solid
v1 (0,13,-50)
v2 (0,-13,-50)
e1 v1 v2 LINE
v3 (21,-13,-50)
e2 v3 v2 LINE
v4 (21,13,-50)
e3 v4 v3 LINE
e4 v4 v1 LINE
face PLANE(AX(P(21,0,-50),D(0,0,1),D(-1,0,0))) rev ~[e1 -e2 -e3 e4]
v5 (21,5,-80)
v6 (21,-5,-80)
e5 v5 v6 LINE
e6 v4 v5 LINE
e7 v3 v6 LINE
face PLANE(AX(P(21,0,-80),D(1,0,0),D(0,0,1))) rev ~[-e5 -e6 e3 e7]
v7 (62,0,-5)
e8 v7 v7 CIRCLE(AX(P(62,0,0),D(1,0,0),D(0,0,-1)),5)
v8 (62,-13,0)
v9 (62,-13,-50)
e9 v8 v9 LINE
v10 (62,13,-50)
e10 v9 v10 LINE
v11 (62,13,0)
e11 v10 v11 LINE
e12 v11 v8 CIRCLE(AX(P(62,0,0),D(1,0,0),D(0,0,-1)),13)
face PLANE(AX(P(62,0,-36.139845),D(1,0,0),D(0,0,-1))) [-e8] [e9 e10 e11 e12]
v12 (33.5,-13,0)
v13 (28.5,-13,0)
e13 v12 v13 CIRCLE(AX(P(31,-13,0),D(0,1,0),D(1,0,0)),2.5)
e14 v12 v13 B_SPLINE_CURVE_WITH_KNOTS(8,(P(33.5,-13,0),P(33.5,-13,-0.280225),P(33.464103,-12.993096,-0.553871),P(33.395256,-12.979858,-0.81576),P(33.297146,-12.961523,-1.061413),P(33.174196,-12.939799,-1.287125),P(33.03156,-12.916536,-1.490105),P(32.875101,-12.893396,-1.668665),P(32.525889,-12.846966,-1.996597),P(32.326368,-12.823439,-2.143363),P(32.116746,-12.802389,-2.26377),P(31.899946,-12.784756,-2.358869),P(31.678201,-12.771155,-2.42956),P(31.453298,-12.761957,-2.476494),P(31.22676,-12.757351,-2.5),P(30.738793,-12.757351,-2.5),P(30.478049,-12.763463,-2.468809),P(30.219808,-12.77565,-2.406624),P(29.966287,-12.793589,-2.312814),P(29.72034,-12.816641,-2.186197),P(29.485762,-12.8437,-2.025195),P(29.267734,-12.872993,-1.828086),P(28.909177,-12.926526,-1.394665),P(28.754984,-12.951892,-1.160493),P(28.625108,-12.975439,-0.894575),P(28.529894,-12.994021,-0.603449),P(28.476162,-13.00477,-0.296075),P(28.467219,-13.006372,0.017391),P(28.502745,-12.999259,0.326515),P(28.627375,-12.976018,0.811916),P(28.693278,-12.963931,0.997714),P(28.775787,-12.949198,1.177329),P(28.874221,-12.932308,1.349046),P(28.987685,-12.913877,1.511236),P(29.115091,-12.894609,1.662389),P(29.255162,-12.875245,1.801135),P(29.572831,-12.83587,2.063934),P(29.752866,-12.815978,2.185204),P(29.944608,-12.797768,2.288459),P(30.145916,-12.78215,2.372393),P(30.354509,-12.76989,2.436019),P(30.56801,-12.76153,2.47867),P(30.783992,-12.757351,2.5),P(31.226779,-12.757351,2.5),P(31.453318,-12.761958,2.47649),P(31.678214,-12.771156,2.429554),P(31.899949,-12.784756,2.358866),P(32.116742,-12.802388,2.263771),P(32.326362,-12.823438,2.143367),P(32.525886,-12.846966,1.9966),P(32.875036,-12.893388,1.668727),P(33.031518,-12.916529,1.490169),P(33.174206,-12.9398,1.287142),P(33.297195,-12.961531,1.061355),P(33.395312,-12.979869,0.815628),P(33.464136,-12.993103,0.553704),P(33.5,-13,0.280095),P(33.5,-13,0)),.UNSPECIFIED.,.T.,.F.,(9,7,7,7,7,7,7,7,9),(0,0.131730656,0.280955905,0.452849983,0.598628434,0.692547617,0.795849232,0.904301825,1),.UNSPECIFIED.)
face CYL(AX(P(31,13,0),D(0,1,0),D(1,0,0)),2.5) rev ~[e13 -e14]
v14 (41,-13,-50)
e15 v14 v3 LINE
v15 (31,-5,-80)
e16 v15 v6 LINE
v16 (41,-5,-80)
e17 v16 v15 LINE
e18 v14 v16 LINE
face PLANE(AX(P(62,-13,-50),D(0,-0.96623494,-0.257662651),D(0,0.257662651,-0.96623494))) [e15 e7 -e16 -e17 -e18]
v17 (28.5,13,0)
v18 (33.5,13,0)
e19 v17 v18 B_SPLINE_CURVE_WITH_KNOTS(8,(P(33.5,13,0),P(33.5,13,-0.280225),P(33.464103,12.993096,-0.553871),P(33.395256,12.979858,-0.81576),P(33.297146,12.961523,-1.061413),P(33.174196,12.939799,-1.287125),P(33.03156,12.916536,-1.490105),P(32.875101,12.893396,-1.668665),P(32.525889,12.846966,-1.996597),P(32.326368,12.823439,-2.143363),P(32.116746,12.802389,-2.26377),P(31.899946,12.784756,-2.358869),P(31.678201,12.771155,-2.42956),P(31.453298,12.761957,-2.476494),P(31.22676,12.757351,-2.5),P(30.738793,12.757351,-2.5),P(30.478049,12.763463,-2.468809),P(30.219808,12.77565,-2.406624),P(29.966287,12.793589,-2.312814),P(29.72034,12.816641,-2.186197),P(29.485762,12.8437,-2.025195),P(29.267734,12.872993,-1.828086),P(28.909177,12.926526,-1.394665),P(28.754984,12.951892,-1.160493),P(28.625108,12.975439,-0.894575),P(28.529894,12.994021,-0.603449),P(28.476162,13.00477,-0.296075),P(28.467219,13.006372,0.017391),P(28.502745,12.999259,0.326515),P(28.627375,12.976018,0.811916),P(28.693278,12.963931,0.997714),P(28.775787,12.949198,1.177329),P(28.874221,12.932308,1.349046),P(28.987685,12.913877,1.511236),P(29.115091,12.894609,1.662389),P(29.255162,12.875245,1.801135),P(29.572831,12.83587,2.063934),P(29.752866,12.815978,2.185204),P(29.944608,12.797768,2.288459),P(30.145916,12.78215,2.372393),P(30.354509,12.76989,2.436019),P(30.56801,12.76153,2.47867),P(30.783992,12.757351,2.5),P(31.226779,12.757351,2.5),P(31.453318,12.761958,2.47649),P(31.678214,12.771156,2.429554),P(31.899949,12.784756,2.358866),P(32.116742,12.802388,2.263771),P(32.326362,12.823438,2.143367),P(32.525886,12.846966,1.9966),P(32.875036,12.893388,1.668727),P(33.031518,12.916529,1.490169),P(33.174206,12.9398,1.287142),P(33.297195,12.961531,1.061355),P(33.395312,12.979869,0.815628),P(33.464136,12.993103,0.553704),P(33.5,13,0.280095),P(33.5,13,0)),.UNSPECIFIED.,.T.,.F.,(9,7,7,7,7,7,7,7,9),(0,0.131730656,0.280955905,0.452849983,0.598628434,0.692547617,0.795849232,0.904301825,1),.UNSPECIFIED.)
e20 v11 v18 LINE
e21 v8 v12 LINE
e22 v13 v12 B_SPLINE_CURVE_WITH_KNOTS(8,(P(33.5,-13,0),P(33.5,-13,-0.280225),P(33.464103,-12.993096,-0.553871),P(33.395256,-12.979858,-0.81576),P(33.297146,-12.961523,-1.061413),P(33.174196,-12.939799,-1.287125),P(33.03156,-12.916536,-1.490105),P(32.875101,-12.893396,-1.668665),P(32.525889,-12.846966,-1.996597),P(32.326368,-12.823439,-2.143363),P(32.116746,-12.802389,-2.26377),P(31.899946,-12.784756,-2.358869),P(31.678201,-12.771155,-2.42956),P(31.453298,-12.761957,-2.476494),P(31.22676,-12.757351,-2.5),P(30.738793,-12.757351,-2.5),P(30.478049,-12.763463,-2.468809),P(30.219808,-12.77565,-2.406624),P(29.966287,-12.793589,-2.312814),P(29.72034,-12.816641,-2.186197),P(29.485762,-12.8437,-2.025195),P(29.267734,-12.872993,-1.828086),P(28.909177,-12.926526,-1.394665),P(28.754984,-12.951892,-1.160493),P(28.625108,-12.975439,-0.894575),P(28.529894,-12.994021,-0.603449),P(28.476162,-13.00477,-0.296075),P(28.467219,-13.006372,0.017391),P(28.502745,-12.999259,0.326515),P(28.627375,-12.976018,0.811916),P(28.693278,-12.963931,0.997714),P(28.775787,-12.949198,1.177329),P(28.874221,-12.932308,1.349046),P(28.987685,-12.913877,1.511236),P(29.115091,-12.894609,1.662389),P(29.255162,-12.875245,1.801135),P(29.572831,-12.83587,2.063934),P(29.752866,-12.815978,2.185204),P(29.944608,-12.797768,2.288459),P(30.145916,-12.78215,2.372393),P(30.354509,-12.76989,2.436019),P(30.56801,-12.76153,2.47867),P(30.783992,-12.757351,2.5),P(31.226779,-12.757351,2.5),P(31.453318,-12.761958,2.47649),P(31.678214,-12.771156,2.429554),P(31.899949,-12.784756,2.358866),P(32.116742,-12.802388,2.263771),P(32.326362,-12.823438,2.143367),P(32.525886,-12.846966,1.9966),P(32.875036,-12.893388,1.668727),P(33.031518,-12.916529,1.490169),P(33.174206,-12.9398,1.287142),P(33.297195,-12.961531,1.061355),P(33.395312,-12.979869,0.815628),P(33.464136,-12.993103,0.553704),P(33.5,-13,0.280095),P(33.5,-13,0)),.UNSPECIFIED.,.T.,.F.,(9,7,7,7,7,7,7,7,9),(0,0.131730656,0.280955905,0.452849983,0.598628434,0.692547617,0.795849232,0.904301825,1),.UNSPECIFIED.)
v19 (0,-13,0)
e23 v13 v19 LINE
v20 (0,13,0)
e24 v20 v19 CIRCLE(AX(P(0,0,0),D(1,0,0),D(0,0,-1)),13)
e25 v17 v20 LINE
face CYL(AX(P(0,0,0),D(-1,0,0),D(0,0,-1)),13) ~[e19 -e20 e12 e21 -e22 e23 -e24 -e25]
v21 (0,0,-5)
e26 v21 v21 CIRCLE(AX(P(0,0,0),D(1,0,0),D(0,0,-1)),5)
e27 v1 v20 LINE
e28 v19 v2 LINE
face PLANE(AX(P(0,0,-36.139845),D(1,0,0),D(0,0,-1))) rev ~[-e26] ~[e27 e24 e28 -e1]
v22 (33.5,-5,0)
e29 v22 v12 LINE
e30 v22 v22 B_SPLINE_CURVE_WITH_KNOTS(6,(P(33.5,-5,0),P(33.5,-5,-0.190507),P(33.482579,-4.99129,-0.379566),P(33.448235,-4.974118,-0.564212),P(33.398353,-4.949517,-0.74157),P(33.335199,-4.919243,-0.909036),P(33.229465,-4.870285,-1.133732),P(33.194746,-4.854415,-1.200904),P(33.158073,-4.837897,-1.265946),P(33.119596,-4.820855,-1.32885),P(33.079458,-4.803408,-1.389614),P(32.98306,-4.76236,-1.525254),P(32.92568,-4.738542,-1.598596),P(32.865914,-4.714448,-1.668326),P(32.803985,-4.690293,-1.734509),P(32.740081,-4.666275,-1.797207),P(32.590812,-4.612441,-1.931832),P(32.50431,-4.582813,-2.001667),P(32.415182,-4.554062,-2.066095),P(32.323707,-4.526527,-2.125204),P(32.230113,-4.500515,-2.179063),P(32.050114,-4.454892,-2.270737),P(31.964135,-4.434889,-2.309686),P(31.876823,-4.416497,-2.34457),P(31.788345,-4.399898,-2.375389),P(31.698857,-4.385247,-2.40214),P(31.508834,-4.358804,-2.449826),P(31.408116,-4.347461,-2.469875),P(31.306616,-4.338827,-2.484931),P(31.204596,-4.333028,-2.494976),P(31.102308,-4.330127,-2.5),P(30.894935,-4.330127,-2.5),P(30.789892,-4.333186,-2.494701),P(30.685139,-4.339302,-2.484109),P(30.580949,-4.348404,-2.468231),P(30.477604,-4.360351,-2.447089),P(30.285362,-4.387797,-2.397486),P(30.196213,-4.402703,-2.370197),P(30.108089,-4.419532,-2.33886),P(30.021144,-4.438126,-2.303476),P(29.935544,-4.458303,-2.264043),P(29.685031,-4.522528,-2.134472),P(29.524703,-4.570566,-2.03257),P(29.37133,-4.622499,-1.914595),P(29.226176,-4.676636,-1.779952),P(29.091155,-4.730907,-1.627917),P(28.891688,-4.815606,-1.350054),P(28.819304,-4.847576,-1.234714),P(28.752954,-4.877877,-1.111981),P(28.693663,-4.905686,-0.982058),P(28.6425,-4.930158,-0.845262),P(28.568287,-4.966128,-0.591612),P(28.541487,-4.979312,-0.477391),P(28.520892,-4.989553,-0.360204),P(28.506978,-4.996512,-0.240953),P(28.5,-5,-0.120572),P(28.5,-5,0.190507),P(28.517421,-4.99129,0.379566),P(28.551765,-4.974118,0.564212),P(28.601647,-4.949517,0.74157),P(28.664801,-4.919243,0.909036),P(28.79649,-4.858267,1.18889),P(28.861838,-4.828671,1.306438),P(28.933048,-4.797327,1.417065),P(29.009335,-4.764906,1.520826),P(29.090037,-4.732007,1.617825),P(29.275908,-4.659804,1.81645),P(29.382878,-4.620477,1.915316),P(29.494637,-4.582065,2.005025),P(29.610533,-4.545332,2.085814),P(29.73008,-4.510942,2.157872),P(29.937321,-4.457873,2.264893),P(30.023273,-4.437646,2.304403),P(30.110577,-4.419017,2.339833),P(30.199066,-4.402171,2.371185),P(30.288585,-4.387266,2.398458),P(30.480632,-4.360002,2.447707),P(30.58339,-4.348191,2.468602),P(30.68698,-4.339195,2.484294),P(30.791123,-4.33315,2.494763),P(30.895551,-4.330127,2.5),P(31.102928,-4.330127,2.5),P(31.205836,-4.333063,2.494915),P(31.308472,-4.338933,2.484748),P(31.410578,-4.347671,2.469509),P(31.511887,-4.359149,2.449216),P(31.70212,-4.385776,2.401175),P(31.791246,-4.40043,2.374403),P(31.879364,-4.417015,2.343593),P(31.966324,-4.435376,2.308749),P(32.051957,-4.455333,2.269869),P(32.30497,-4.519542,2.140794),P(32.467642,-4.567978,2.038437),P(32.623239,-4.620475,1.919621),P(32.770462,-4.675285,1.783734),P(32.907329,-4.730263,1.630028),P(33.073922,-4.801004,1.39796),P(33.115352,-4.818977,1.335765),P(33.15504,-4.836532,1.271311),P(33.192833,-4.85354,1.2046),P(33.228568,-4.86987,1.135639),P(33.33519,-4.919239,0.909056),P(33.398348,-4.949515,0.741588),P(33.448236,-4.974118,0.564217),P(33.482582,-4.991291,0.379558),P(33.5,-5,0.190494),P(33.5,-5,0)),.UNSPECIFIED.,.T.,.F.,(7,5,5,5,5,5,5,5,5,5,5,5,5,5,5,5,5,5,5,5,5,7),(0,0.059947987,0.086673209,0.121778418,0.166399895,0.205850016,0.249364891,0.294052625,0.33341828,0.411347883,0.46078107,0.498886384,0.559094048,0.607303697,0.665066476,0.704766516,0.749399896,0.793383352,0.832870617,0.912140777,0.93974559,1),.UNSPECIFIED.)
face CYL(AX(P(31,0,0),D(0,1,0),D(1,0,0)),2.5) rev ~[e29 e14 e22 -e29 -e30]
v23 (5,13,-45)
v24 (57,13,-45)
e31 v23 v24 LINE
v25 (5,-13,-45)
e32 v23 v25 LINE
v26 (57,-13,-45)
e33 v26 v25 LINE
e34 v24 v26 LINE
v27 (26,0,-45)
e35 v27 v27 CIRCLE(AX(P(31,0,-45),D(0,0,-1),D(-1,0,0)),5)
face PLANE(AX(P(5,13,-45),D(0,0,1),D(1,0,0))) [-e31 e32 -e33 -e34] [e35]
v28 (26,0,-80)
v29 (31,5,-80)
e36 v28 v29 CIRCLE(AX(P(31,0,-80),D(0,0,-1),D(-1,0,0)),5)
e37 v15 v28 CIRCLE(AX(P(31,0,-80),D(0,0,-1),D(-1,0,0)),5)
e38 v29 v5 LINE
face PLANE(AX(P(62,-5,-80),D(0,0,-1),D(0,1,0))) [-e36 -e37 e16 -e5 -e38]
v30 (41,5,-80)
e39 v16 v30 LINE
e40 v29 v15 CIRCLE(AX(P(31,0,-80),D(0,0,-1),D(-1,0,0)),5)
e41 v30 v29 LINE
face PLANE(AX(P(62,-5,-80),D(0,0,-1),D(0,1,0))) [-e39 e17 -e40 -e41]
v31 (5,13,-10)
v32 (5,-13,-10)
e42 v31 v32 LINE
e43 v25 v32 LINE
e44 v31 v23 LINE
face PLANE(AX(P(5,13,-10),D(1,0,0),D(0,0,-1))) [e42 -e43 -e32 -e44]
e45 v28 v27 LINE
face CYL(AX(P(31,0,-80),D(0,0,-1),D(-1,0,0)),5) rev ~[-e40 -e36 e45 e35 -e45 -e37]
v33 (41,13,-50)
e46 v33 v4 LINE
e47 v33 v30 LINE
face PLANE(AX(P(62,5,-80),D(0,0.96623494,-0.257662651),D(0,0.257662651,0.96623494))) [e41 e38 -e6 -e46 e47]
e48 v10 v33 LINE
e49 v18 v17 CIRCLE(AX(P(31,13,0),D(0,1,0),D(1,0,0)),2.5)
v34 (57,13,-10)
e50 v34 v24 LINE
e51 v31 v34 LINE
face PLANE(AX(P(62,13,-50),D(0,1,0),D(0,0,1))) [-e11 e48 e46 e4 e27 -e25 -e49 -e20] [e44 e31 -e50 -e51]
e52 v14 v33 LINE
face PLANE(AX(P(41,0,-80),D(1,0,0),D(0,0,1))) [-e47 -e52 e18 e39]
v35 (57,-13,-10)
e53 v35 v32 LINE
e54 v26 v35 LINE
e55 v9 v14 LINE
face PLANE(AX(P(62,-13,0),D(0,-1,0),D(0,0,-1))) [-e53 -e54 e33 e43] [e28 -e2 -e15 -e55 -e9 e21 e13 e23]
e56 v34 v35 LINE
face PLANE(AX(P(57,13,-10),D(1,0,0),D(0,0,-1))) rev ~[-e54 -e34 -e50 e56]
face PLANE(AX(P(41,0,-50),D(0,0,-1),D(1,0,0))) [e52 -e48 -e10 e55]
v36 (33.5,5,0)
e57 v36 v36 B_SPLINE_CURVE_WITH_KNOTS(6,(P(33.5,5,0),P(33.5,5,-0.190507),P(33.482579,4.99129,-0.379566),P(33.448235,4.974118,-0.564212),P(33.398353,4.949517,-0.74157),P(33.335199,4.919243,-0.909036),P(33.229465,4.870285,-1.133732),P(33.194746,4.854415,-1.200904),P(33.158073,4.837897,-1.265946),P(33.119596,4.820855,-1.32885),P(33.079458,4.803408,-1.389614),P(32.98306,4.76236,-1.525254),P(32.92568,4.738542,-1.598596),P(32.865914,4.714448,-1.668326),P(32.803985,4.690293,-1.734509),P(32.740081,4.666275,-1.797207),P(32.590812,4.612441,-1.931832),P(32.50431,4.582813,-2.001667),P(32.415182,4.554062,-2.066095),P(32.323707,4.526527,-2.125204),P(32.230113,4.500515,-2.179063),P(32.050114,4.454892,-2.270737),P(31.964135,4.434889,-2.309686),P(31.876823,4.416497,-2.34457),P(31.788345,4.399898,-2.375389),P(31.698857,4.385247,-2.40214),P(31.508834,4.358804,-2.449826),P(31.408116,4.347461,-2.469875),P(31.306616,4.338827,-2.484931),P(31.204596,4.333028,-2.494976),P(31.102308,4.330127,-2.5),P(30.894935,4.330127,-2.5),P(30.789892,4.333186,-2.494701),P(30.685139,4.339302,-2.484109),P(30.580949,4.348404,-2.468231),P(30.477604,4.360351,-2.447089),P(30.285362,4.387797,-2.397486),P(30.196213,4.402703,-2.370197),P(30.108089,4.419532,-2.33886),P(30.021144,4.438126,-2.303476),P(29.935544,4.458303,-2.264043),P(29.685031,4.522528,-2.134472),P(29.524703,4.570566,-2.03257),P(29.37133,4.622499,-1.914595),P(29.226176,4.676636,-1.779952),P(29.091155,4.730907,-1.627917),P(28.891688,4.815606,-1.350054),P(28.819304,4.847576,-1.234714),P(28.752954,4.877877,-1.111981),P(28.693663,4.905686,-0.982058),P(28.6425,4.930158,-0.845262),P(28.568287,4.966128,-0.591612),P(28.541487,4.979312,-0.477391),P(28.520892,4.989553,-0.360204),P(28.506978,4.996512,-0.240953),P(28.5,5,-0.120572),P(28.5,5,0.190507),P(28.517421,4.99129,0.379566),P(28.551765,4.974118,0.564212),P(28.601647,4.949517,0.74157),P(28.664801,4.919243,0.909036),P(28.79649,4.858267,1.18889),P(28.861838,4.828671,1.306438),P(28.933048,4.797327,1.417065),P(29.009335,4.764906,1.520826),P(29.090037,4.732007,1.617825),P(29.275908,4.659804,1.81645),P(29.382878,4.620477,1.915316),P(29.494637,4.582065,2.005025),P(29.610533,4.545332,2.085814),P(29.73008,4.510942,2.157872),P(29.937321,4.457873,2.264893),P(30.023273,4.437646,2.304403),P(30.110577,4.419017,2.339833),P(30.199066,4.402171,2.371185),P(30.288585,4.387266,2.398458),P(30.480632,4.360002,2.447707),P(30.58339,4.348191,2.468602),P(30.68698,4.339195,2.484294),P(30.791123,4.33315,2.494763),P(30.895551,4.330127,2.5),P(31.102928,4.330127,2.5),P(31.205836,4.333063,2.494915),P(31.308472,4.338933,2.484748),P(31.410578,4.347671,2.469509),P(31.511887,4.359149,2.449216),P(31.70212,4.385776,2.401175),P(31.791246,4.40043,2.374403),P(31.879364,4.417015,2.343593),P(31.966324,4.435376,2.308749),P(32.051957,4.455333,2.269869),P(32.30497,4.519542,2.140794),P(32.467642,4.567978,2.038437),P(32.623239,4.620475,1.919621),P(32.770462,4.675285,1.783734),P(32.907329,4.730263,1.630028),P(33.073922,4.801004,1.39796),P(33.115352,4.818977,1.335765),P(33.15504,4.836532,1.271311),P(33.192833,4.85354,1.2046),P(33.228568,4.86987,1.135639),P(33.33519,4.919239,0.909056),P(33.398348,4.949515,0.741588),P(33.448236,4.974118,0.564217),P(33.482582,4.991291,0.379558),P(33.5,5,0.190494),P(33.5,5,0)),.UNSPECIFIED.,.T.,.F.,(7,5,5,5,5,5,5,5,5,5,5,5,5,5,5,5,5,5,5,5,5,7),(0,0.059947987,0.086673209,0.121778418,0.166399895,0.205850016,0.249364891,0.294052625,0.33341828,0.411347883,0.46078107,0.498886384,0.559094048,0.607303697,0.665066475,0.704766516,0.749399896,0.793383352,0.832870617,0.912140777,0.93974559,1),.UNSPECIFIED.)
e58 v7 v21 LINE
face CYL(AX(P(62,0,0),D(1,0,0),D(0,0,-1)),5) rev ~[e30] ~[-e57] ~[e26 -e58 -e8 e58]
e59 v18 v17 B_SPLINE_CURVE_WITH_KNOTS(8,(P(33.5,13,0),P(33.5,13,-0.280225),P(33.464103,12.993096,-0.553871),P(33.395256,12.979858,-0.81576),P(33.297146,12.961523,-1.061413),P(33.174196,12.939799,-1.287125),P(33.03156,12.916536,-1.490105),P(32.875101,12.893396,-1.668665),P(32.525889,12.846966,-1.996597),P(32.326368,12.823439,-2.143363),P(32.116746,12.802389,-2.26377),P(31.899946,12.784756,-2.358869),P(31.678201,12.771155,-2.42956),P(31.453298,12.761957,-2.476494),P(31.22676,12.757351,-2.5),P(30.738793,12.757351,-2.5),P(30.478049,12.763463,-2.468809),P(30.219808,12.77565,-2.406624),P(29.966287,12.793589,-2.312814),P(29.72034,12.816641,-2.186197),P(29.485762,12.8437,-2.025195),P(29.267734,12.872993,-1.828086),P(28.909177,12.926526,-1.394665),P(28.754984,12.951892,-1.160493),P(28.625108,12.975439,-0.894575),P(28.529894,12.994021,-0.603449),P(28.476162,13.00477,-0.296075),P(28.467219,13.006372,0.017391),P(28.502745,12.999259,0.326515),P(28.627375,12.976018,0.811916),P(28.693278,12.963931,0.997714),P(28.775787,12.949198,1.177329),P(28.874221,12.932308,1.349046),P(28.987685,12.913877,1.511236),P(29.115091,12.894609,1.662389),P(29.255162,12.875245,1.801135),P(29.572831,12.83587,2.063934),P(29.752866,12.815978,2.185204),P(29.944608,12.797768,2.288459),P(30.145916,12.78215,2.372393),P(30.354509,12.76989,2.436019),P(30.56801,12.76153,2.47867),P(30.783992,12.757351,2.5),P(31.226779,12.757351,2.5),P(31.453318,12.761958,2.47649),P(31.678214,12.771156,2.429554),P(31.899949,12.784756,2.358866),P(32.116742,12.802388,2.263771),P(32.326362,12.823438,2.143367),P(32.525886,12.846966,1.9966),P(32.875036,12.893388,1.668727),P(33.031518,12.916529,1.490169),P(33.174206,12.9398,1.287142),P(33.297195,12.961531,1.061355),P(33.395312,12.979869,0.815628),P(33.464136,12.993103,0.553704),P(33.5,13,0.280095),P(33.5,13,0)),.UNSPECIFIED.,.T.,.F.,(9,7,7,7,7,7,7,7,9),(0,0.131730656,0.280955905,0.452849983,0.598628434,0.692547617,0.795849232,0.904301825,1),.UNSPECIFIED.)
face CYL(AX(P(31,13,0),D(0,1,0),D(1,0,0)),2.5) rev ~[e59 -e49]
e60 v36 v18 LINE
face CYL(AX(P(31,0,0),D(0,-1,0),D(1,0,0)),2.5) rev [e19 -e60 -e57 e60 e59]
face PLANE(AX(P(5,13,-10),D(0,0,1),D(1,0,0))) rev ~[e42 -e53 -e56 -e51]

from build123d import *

# Parameters (mm, degrees)
CROQUIS1_R                 = 13
SALIENTE_EXTRUIR1_DEPTH    = 62
CROQUIS2_R                 = 5
CORTAR_EXTRUIR1_DEPTH      = 62
CORTAR_EXTRUIR2_DEPTH      = 62
CORTAR_EXTRUIR2_DEPTH_BACK = 62
CROQUIS3_R                 = 2.5
SALIENTE_EXTRUIR2_START    = -62
SALIENTE_EXTRUIR2_DEPTH    = 62
CROQUIS5_W                 = 52
CROQUIS5_H                 = 35
CORTAR_EXTRUIR4_DEPTH      = 62
CROQUIS6_R                 = 2.5
CORTAR_EXTRUIR5_DEPTH      = 62
CROQUIS7_R                 = 5
CORTAR_EXTRUIR6_DEPTH      = 62
CORTAR_EXTRUIR8_DEPTH      = 62
CORTAR_EXTRUIR8_DEPTH_BACK = 62
CROQUIS8_W                 = 21
CROQUIS8_H                 = 30


with BuildPart() as part:
    # Croquis1 → Saliente-Extruir1 (new body)
    with BuildSketch(Plane(origin=(0, 0, 0), x_dir=(0, 0, -1), z_dir=(1, 0, 0))):
        Circle(CROQUIS1_R)
    extrude(amount=SALIENTE_EXTRUIR1_DEPTH)

    # Croquis2 → Cortar-Extruir1 (cut)
    with BuildSketch(Plane(origin=(62, 0, 0), x_dir=(0, 0, -1), z_dir=(1, 0, 0))):
        Circle(CROQUIS2_R)
    extrude(amount=-CORTAR_EXTRUIR1_DEPTH, mode=Mode.SUBTRACT)

    # Croquis3 → Cortar-Extruir2 (cut, two sides: drawn at the far end of the back side and taken through both)
    with BuildSketch(Plane(origin=(0, 0, 0), x_dir=(1, 0, 0), z_dir=(0, 1, 0)).offset(-CORTAR_EXTRUIR2_DEPTH_BACK)):
        with Locations((31, 0)):
            Circle(CROQUIS3_R)
    extrude(amount=CORTAR_EXTRUIR2_DEPTH + CORTAR_EXTRUIR2_DEPTH_BACK, mode=Mode.SUBTRACT)

    # Croquis4 → Saliente-Extruir2 (add)
    with BuildSketch(Plane(origin=(62, 0, 0), x_dir=(0, 0, -1), z_dir=(1, 0, 0)).offset(SALIENTE_EXTRUIR2_START)):
        with BuildLine():
            Line((50, 13), (0, 13))
            ThreePointArc((0, 13), (9.192388155, 9.192388155), (13, 0))
            ThreePointArc((13, 0), (9.192388155, -9.192388155), (0, -13))
            Line((0, -13), (50, -13))
            Line((50, -13), (80, -5))
            Line((80, -5), (80, 0))
            Line((80, 0), (80, 5))
            Line((80, 5), (50, 13))
        make_face()
    extrude(amount=SALIENTE_EXTRUIR2_DEPTH)

    # Croquis5 → Cortar-Extruir4 (cut)
    with BuildSketch(Plane(origin=(0, 13, 0), x_dir=(1, 0, 0), z_dir=(0, 1, 0))):
        with Locations((31, 27.5)):
            Rectangle(CROQUIS5_W, CROQUIS5_H)
    extrude(amount=-CORTAR_EXTRUIR4_DEPTH, mode=Mode.SUBTRACT)

    # Croquis6 → Cortar-Extruir5 (cut)
    with BuildSketch(Plane(origin=(0, 13, 0), x_dir=(1, 0, 0), z_dir=(0, 1, 0))):
        with Locations((31, 0)):
            Circle(CROQUIS6_R)
    extrude(amount=-CORTAR_EXTRUIR5_DEPTH, mode=Mode.SUBTRACT)

    # Croquis7 → Cortar-Extruir6 (cut)
    with BuildSketch(Plane(origin=(0, 0, -80), x_dir=(-1, 0, 0), z_dir=(0, 0, -1))):
        with Locations((-31, 0)):
            Circle(CROQUIS7_R)
    extrude(amount=-CORTAR_EXTRUIR6_DEPTH, mode=Mode.SUBTRACT)

    # Croquis8 → Cortar-Extruir8 (cut, two sides: drawn at the far end of the back side and taken through both)
    with BuildSketch(Plane(origin=(0, 0, 0), x_dir=(1, 0, 0), z_dir=(0, 1, 0)).offset(-CORTAR_EXTRUIR8_DEPTH_BACK)):
        with Locations((51.5, 65)):
            Rectangle(CROQUIS8_W, CROQUIS8_H)
        with Locations((10.5, 65)):
            Rectangle(CROQUIS8_W, CROQUIS8_H)
    extrude(amount=CORTAR_EXTRUIR8_DEPTH + CORTAR_EXTRUIR8_DEPTH_BACK, mode=Mode.SUBTRACT)


solid = part.part
